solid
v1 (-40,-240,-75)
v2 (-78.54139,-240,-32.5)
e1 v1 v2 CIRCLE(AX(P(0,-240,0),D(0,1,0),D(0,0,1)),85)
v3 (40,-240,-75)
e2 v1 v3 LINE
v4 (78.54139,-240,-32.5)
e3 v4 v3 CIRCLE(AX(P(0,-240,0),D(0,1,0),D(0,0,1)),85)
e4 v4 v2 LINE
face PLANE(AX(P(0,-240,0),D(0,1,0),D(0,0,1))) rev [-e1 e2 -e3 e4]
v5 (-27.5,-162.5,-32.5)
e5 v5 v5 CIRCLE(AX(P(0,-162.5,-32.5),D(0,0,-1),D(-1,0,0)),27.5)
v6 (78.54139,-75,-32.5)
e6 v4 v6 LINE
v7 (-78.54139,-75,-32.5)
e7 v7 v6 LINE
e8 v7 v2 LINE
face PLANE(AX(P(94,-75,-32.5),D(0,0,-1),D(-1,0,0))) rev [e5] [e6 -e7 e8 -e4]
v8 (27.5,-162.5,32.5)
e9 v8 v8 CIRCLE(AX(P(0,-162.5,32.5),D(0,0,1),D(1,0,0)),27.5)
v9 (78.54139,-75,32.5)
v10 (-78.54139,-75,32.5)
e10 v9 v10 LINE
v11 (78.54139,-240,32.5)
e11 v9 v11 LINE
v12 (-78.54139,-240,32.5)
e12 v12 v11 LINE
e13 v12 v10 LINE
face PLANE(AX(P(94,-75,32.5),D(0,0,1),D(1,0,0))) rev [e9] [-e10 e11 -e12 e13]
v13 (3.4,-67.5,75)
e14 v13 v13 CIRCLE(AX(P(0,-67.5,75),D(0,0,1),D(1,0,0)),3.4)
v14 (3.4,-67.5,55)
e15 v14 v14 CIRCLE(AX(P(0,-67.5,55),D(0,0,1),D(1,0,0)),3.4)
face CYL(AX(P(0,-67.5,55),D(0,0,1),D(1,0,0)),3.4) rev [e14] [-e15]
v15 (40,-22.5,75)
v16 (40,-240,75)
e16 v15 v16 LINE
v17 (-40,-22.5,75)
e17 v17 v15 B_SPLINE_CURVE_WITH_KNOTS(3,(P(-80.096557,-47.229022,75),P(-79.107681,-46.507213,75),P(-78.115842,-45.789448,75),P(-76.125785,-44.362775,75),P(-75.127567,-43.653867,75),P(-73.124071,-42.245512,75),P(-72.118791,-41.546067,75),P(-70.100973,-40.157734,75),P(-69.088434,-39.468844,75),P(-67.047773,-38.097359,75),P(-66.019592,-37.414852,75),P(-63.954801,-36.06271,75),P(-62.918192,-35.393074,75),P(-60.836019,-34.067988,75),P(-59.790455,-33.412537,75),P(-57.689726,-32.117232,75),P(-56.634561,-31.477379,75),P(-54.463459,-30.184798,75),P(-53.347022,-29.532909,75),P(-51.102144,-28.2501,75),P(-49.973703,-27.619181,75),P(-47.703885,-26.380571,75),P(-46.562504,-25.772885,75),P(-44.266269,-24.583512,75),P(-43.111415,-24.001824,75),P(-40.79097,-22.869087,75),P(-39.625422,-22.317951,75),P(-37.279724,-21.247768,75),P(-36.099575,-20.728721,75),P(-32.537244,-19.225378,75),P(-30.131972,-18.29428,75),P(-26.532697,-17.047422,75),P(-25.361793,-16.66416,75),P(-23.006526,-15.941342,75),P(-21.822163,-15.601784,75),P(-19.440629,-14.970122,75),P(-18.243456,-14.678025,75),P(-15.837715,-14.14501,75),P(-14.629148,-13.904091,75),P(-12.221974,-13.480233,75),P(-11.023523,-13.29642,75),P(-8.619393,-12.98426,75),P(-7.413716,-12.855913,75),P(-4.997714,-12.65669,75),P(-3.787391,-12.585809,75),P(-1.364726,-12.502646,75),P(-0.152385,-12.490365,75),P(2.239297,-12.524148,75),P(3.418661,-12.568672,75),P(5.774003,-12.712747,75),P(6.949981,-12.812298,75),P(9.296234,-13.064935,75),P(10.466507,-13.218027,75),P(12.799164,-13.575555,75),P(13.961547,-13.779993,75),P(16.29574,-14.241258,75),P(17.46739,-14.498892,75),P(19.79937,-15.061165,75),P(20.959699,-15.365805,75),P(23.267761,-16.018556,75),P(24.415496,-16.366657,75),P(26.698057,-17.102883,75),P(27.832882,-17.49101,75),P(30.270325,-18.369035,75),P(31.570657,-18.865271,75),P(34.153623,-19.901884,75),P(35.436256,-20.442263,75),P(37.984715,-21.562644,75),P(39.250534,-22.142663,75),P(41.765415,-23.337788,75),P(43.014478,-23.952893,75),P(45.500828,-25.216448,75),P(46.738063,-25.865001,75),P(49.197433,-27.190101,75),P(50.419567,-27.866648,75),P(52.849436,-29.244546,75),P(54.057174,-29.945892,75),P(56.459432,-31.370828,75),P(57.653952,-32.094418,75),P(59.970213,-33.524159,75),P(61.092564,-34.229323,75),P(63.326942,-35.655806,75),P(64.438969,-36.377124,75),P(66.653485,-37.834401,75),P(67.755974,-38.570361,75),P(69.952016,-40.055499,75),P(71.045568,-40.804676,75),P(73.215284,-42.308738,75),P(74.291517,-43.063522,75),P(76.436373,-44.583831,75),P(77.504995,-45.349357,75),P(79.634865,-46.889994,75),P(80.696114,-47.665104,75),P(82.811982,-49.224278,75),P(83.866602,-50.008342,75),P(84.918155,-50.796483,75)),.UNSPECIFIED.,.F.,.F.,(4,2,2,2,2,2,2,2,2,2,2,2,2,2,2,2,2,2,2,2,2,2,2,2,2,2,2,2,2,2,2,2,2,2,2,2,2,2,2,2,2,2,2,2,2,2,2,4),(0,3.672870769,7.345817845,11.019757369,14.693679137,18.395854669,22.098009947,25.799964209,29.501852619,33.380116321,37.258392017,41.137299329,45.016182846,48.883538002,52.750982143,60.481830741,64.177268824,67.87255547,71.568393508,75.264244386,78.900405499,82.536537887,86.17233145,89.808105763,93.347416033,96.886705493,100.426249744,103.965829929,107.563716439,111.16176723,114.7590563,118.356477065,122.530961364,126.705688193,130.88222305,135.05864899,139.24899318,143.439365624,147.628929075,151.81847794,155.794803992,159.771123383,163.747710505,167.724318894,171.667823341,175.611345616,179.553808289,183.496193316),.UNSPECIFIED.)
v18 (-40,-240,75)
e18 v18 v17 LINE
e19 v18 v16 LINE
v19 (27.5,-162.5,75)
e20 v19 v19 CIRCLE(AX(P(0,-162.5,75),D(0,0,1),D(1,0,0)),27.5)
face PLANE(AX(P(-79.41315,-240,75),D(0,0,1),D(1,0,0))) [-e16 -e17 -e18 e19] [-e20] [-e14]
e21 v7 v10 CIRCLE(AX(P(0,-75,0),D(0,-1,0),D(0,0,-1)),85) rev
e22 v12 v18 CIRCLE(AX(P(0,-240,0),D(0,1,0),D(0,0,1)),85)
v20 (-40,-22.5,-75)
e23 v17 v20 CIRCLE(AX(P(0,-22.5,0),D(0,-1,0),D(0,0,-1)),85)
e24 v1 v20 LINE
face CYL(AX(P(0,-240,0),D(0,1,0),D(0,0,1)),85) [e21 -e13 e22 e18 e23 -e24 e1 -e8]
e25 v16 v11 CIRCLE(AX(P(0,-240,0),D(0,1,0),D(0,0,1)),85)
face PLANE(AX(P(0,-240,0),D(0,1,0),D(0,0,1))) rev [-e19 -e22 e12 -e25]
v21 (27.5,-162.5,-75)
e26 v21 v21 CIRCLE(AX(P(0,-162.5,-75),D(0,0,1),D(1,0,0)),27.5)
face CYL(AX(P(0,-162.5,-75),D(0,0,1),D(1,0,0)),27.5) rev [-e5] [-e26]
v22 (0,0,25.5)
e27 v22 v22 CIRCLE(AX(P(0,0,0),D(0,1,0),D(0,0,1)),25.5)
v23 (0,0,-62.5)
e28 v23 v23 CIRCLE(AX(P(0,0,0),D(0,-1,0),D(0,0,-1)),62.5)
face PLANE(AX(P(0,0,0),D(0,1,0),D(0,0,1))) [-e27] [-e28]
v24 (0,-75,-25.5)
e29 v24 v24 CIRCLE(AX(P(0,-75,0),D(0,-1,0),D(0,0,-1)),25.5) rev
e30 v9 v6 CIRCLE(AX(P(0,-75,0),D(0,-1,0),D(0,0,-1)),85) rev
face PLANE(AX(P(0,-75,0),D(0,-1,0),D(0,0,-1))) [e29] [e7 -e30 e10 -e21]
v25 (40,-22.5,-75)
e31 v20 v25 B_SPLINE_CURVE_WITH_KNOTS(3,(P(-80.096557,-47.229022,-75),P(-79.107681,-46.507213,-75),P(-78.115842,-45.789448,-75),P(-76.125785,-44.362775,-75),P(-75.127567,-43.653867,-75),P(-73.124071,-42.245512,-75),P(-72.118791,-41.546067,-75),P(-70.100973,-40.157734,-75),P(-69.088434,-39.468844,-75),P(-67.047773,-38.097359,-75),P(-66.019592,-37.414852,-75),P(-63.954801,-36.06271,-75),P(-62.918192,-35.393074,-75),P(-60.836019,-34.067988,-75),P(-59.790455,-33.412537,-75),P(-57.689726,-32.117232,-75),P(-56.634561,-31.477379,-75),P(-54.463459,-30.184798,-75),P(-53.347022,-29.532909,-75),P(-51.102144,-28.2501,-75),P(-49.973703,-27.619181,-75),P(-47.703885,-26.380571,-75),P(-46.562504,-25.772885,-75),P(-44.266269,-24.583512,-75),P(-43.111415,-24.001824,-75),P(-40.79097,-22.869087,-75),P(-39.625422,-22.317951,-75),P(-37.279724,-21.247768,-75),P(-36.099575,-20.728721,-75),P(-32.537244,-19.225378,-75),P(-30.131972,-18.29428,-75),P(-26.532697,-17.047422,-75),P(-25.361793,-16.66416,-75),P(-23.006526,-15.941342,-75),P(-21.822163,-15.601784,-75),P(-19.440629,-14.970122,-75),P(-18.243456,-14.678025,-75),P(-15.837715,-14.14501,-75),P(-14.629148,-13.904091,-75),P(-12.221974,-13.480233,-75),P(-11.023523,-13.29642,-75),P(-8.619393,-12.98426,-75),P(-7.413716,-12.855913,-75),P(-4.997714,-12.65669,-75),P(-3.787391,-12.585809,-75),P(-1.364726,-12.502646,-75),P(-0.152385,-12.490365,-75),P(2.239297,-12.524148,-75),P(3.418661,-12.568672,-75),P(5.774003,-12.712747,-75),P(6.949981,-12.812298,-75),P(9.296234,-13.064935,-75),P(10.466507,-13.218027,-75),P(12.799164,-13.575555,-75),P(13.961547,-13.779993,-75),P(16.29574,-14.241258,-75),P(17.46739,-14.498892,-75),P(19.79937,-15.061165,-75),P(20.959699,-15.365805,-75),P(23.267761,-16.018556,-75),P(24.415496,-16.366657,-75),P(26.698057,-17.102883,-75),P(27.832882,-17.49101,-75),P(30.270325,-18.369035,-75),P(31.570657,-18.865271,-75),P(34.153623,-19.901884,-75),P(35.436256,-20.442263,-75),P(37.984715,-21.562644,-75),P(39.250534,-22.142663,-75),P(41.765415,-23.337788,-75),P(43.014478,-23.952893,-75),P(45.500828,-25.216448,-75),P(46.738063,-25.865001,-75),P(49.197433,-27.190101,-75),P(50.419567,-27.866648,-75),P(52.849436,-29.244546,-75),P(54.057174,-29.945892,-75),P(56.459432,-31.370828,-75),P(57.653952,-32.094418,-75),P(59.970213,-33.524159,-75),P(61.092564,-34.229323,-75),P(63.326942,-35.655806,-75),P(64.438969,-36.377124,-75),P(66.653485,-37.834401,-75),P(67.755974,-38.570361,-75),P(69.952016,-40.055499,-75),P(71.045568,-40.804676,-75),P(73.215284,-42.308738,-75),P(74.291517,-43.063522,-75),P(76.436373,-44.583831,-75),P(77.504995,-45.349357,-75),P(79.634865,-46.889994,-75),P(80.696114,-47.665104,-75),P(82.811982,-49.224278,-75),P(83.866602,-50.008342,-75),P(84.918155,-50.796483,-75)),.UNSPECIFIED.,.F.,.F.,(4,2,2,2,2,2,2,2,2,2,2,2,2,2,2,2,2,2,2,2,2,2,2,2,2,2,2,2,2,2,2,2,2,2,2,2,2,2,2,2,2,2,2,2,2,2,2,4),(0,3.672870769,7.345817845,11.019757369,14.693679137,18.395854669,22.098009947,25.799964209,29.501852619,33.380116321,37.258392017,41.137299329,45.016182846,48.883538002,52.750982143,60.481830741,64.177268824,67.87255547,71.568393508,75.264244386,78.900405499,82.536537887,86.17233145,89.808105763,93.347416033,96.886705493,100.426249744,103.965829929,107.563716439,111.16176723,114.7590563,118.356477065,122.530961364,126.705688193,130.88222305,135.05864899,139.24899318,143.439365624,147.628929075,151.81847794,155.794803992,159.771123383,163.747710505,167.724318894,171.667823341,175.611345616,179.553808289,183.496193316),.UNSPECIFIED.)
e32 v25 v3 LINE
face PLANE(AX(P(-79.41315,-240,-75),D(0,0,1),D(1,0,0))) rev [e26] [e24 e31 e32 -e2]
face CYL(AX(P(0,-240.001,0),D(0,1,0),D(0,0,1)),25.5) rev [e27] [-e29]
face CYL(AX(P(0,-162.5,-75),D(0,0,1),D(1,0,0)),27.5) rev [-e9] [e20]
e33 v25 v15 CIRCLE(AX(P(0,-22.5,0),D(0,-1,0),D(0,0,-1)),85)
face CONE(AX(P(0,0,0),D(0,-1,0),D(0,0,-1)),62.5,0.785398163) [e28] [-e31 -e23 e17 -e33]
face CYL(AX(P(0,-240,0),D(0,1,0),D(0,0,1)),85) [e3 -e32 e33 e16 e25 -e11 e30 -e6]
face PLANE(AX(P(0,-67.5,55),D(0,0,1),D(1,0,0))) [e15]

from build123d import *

# Parameters (mm, degrees)
SKETCH_1_R          = 85
EXTRUDE_1_DEPTH     = 240
SKETCH_2_W          = 162
SKETCH_2_H          = 14
CUT_EXTRUDE_1_DEPTH = 269.421310629
SKETCH_5_W          = 188
SKETCH_5_H          = 65
CUT_EXTRUDE_2_DEPTH = 165
SKETCH_6_R          = 27.5
CUT_EXTRUDE_3_DEPTH = 296.508037116
SKETCH_6_3_R        = 3.4
CUT_EXTRUDE_4_DEPTH = 20
CUT_EXTRUDE_5_REACH = 267.424
SKETCH_8_R          = 25.5


with BuildPart() as part:
    # 草图1 → 凸台-拉伸1 (new body)
    with BuildSketch(Plane(origin=(0, 0, 0), x_dir=(1, 0, 0), z_dir=(0, 1, 0))):
        Circle(SKETCH_1_R)
    extrude(amount=-EXTRUDE_1_DEPTH)

    # 草图2 → 切除-拉伸1 (cut, through all)
    with BuildSketch(Plane(origin=(0, 0, 0), x_dir=(1, 0, 0), z_dir=(0, 1, 0))):
        with Locations((1.586849721, 82)):
            Rectangle(SKETCH_2_W, SKETCH_2_H)
    cut_extrude_1 = extrude(amount=-CUT_EXTRUDE_1_DEPTH, mode=Mode.SUBTRACT)

    # 镜向1: 切除-拉伸1 across plane
    add(cut_extrude_1.mirror(Plane.XY), mode=Mode.SUBTRACT)

    # 草图3 → 切除-旋转1 (revolve, cut)
    with BuildSketch(Plane.XY):
        Polygon((85, -22.5), (62.5, 0), (85, 0), align=None)
    revolve(axis=Axis((0, -240, 0), (0, 1, 0)), mode=Mode.SUBTRACT)

    # 草图5 → 切除-拉伸2 (cut)
    with BuildSketch(Plane.XZ.offset(240)):
        Rectangle(SKETCH_5_W, SKETCH_5_H)
    extrude(amount=-CUT_EXTRUDE_2_DEPTH, mode=Mode.SUBTRACT)

    # 草图6 → 切除-拉伸3 (cut, through all)
    with BuildSketch(Plane.XY.offset(75)):
        with Locations((0, -162.5)):
            Circle(SKETCH_6_R)
    extrude(amount=-CUT_EXTRUDE_3_DEPTH, mode=Mode.SUBTRACT)

    # 草图6<3> → 切除-拉伸4 (cut)
    with BuildSketch(Plane.XY.offset(75)):
        with Locations((0, -67.5)):
            Circle(SKETCH_6_3_R)
    extrude(amount=-CUT_EXTRUDE_4_DEPTH, mode=Mode.SUBTRACT)

    # 草图8 → 切除-拉伸5 (cut, up to next)
    with BuildSketch(Plane(origin=(0, 0, 0), x_dir=(1, 0, 0), z_dir=(0, 1, 0)), mode=Mode.PRIVATE) as cut_extrude_5_sk1:
        Circle(SKETCH_8_R)
    cut_extrude_5_tool1 = extrude(cut_extrude_5_sk1.sketch, amount=-CUT_EXTRUDE_5_REACH, mode=Mode.PRIVATE) & part.part
    add(cut_extrude_5_tool1.solids().sort_by_distance((0, 0, 0))[0], mode=Mode.SUBTRACT)


solid = part.part
